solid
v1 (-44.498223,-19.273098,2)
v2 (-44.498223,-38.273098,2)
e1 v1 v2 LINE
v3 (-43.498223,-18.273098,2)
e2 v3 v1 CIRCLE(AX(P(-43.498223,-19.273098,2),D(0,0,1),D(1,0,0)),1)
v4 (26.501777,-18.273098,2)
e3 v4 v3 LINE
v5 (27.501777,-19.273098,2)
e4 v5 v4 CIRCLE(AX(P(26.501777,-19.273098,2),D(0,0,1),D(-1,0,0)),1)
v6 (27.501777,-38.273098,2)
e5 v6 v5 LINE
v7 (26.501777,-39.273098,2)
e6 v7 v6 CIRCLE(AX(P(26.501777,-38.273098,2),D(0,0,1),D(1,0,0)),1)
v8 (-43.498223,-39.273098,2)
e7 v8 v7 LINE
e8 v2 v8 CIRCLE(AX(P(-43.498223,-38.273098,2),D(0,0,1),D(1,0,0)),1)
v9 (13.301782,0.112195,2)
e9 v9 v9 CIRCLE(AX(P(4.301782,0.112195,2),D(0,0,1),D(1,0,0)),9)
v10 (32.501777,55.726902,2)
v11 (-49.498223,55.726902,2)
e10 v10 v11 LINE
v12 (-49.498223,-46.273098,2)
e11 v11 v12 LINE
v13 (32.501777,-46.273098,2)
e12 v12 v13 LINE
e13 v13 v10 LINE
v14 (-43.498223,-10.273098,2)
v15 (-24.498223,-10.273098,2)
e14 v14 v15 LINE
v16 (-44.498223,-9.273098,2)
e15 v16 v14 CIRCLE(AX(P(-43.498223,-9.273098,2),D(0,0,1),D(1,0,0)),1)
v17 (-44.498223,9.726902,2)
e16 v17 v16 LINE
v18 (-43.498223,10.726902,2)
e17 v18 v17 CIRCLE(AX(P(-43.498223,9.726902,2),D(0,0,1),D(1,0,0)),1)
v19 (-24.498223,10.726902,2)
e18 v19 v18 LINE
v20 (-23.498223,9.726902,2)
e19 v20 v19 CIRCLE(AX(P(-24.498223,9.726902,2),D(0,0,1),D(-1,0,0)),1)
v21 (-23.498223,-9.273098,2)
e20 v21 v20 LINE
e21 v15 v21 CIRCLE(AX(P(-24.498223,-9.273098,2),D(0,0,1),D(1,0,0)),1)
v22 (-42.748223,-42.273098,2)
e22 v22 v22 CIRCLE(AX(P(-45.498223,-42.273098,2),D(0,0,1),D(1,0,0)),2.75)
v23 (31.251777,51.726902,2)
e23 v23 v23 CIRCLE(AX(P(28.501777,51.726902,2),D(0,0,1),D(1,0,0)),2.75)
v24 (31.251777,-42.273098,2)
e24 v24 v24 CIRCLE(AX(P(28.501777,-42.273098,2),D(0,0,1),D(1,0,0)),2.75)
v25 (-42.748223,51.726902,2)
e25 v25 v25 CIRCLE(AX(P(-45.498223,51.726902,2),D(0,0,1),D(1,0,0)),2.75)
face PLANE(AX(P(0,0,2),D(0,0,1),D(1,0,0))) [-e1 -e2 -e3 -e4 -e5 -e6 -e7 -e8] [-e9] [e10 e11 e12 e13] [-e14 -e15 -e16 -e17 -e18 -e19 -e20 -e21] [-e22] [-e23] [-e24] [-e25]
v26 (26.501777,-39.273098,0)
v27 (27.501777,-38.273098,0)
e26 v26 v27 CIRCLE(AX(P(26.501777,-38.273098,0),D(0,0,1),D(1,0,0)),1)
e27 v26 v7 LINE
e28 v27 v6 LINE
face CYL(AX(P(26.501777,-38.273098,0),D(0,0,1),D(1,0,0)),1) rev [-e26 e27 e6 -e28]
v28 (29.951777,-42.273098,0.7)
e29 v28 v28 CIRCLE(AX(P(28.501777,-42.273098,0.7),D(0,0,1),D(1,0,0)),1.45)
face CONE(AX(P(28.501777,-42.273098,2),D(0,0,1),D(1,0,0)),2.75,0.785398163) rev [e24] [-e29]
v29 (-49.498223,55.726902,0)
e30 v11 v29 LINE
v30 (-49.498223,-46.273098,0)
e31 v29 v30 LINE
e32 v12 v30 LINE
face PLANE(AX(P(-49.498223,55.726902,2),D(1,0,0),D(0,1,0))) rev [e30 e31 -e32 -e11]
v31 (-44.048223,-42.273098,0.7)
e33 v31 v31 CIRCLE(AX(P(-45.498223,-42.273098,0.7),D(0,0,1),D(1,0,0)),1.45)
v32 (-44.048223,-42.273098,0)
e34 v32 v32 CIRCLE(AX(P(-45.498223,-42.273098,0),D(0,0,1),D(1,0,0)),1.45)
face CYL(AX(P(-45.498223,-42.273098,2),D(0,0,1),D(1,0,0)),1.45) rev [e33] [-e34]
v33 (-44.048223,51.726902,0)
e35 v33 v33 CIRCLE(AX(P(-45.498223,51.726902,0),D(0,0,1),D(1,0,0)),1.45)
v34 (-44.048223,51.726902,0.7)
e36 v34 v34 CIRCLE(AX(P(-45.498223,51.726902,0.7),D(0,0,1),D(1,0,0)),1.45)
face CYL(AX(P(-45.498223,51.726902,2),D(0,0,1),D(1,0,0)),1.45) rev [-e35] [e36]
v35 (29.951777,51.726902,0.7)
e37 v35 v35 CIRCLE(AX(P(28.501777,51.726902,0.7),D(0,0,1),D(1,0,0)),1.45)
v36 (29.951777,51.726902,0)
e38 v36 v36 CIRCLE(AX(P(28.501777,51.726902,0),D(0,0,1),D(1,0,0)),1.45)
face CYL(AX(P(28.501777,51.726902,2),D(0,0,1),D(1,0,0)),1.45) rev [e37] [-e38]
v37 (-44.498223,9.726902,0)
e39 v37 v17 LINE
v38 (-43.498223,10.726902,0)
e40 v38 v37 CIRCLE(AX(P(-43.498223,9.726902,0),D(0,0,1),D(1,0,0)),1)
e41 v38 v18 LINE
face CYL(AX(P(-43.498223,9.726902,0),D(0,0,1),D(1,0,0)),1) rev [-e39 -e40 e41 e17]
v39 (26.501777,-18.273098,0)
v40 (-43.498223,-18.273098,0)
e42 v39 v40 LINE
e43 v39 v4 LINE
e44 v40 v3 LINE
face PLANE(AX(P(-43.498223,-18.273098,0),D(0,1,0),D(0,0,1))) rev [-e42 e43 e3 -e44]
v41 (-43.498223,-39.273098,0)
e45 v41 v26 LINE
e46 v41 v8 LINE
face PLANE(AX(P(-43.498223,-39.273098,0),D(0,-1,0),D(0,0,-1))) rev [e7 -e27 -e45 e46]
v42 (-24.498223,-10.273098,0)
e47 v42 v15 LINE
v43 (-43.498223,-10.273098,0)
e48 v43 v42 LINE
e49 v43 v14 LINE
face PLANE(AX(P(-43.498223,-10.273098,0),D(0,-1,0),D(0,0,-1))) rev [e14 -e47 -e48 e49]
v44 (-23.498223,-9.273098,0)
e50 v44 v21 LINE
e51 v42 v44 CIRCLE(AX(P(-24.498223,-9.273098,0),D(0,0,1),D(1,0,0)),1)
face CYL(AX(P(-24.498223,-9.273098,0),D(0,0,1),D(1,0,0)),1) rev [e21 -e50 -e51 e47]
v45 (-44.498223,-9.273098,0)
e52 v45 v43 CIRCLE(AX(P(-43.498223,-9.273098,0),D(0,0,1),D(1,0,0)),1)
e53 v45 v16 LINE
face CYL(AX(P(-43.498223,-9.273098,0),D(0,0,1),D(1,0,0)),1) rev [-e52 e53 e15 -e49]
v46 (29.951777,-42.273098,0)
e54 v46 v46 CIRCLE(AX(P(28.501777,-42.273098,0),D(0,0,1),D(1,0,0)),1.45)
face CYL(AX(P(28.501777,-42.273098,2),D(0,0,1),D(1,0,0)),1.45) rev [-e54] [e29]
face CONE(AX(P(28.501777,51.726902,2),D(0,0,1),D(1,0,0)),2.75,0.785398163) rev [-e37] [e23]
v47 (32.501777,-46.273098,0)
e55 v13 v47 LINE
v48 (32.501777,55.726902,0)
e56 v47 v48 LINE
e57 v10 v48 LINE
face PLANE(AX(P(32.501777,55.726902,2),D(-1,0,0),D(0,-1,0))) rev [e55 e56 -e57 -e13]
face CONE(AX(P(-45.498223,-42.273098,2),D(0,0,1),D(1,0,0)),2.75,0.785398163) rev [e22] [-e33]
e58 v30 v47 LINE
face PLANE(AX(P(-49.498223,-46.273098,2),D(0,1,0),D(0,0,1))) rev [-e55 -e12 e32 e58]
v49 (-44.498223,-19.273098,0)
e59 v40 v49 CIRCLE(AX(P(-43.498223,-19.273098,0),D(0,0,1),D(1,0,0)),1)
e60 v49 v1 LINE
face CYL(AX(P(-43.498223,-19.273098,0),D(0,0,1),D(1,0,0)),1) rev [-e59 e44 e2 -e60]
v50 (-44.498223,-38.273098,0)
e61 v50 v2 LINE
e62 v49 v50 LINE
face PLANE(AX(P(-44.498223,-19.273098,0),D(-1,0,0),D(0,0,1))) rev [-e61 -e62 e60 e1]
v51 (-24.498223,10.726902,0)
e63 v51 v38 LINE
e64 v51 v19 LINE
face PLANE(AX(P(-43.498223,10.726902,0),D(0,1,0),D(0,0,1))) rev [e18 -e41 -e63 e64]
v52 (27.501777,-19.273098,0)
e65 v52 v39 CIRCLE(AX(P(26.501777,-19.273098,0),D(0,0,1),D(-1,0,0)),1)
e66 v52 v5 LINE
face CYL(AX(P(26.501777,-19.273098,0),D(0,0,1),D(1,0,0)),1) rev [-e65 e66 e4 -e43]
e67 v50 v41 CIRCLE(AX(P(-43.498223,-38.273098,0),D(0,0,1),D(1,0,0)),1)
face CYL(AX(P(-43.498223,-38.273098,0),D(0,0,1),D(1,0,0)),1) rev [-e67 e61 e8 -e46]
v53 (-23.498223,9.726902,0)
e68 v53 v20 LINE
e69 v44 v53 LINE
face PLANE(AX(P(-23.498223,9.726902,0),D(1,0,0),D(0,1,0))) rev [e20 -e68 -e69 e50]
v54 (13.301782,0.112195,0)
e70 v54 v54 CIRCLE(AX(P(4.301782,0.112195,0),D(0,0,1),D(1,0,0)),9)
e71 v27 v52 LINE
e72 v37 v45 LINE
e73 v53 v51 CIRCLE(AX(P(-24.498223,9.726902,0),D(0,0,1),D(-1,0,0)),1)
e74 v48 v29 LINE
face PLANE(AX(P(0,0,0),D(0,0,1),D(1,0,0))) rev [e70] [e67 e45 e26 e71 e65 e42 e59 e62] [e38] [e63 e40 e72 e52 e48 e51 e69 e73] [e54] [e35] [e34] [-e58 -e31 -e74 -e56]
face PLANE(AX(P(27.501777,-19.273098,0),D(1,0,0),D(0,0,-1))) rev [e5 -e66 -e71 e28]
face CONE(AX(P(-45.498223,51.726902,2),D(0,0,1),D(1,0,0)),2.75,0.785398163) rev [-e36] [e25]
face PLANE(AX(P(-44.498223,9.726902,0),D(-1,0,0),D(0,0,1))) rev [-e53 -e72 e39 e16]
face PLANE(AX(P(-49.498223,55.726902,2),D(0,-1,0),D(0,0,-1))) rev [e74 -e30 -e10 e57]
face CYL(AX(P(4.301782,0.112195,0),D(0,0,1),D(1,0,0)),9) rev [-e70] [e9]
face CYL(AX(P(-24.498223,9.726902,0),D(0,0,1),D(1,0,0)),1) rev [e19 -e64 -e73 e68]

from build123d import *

# Parameters (mm, degrees)
SKETCH1_W                                    = 82
SKETCH1_H                                    = 102
BOSS_EXTRUDE1_DEPTH                          = 2
SKETCH2_R                                    = 9
CUT_EXTRUDE2_DEPTH                           = 2
CSK_FOR_M2_5_COUNTERSUNK_FLAT_HEAD_S_2_COUNT = 2
CSK_FOR_M2_5_COUNTERSUNK_FLAT_HEAD_S_2_PITCH = 94
CSK_FOR_M2_5_COUNTERSUNK_FLAT_HEAD_S_3_COUNT = 2
CSK_FOR_M2_5_COUNTERSUNK_FLAT_HEAD_S_3_PITCH = 119.63277143
CSK_FOR_M2_5_COUNTERSUNK_FLAT_HEAD_S_4_COUNT = 2
CSK_FOR_M2_5_COUNTERSUNK_FLAT_HEAD_S_4_PITCH = 74


with BuildPart() as part:
    # Sketch1 → Boss-Extrude1 (new body)
    with BuildSketch(Plane.XY):
        with Locations((-8.498222994, 4.726902457)):
            Rectangle(SKETCH1_W, SKETCH1_H)
    extrude(amount=BOSS_EXTRUDE1_DEPTH)

    # Sketch2 → Cut-Extrude2 (cut)
    with BuildSketch(Plane.XY.offset(2)):
        with Locations((4.301781638, 0.112195324)):
            Circle(SKETCH2_R)
        with BuildLine():
            Line((-43.498222994, -18.273097543), (26.501777006, -18.273097543))
            ThreePointArc((26.501777006, -18.273097543), (27.208883787, -18.565990762), (27.501777006, -19.273097543))
            Line((27.501777006, -19.273097543), (27.501777006, -38.273097543))
            ThreePointArc((27.501777006, -38.273097543), (27.208883787, -38.980204324), (26.501777006, -39.273097543))
            Line((26.501777006, -39.273097543), (-43.498222994, -39.273097543))
            ThreePointArc((-43.498222994, -39.273097543), (-44.205329775, -38.980204324), (-44.498222994, -38.273097543))
            Line((-44.498222994, -38.273097543), (-44.498222994, -19.273097543))
            ThreePointArc((-44.498222994, -19.273097543), (-44.205329775, -18.565990762), (-43.498222994, -18.273097543))
        make_face()
        with BuildLine():
            Line((-43.498222994, 10.726902457), (-24.498222994, 10.726902457))
            ThreePointArc((-24.498222994, 10.726902457), (-23.791116213, 10.434009238), (-23.498222994, 9.726902457))
            Line((-23.498222994, 9.726902457), (-23.498222994, -9.273097543))
            ThreePointArc((-23.498222994, -9.273097543), (-23.791116213, -9.980204324), (-24.498222994, -10.273097543))
            Line((-24.498222994, -10.273097543), (-43.498222994, -10.273097543))
            ThreePointArc((-43.498222994, -10.273097543), (-44.205329775, -9.980204324), (-44.498222994, -9.273097543))
            Line((-44.498222994, -9.273097543), (-44.498222994, 9.726902457))
            ThreePointArc((-44.498222994, 9.726902457), (-44.205329775, 10.434009238), (-43.498222994, 10.726902457))
        make_face()
    extrude(amount=-CUT_EXTRUDE2_DEPTH, mode=Mode.SUBTRACT)

    # Sketch18 → CSK for M2.5 Countersunk Flat Head Screw2 (revolve, cut)
    with BuildSketch(Plane(origin=(-45.498222994, 51.726902457, 2), x_dir=(0, -1, 0), z_dir=(1, 0, 0))):
        Polygon((0, 0), (0, 2), (1.45, 2), (1.45, 1.3), (2.75, 0), align=None)
    csk_for_m2_5_countersunk_flat_head_screw = revolve(axis=Axis((-45.498222994, 51.726902457, 8.35), (0, 0, -1)), mode=Mode.SUBTRACT)

    # CSK for M2.5 Countersunk Flat Head S 2: CSK for M2.5 Countersunk Flat Head Screw2 ×2
    with Locations(*[(0, -i * CSK_FOR_M2_5_COUNTERSUNK_FLAT_HEAD_S_2_PITCH, 0) for i in range(1, CSK_FOR_M2_5_COUNTERSUNK_FLAT_HEAD_S_2_COUNT)]):
        add(csk_for_m2_5_countersunk_flat_head_screw, mode=Mode.SUBTRACT)

    # CSK for M2.5 Countersunk Flat Head S 3: CSK for M2.5 Countersunk Flat Head Screw2 ×2
    with Locations(*[Vector(0.618559606, -0.785737878, 0) * (i * CSK_FOR_M2_5_COUNTERSUNK_FLAT_HEAD_S_3_PITCH) for i in range(1, CSK_FOR_M2_5_COUNTERSUNK_FLAT_HEAD_S_3_COUNT)]):
        add(csk_for_m2_5_countersunk_flat_head_screw, mode=Mode.SUBTRACT)

    # CSK for M2.5 Countersunk Flat Head S 4: CSK for M2.5 Countersunk Flat Head Screw2 ×2
    with Locations(*[(i * CSK_FOR_M2_5_COUNTERSUNK_FLAT_HEAD_S_4_PITCH, 0, 0) for i in range(1, CSK_FOR_M2_5_COUNTERSUNK_FLAT_HEAD_S_4_COUNT)]):
        add(csk_for_m2_5_countersunk_flat_head_screw, mode=Mode.SUBTRACT)


solid = part.part
